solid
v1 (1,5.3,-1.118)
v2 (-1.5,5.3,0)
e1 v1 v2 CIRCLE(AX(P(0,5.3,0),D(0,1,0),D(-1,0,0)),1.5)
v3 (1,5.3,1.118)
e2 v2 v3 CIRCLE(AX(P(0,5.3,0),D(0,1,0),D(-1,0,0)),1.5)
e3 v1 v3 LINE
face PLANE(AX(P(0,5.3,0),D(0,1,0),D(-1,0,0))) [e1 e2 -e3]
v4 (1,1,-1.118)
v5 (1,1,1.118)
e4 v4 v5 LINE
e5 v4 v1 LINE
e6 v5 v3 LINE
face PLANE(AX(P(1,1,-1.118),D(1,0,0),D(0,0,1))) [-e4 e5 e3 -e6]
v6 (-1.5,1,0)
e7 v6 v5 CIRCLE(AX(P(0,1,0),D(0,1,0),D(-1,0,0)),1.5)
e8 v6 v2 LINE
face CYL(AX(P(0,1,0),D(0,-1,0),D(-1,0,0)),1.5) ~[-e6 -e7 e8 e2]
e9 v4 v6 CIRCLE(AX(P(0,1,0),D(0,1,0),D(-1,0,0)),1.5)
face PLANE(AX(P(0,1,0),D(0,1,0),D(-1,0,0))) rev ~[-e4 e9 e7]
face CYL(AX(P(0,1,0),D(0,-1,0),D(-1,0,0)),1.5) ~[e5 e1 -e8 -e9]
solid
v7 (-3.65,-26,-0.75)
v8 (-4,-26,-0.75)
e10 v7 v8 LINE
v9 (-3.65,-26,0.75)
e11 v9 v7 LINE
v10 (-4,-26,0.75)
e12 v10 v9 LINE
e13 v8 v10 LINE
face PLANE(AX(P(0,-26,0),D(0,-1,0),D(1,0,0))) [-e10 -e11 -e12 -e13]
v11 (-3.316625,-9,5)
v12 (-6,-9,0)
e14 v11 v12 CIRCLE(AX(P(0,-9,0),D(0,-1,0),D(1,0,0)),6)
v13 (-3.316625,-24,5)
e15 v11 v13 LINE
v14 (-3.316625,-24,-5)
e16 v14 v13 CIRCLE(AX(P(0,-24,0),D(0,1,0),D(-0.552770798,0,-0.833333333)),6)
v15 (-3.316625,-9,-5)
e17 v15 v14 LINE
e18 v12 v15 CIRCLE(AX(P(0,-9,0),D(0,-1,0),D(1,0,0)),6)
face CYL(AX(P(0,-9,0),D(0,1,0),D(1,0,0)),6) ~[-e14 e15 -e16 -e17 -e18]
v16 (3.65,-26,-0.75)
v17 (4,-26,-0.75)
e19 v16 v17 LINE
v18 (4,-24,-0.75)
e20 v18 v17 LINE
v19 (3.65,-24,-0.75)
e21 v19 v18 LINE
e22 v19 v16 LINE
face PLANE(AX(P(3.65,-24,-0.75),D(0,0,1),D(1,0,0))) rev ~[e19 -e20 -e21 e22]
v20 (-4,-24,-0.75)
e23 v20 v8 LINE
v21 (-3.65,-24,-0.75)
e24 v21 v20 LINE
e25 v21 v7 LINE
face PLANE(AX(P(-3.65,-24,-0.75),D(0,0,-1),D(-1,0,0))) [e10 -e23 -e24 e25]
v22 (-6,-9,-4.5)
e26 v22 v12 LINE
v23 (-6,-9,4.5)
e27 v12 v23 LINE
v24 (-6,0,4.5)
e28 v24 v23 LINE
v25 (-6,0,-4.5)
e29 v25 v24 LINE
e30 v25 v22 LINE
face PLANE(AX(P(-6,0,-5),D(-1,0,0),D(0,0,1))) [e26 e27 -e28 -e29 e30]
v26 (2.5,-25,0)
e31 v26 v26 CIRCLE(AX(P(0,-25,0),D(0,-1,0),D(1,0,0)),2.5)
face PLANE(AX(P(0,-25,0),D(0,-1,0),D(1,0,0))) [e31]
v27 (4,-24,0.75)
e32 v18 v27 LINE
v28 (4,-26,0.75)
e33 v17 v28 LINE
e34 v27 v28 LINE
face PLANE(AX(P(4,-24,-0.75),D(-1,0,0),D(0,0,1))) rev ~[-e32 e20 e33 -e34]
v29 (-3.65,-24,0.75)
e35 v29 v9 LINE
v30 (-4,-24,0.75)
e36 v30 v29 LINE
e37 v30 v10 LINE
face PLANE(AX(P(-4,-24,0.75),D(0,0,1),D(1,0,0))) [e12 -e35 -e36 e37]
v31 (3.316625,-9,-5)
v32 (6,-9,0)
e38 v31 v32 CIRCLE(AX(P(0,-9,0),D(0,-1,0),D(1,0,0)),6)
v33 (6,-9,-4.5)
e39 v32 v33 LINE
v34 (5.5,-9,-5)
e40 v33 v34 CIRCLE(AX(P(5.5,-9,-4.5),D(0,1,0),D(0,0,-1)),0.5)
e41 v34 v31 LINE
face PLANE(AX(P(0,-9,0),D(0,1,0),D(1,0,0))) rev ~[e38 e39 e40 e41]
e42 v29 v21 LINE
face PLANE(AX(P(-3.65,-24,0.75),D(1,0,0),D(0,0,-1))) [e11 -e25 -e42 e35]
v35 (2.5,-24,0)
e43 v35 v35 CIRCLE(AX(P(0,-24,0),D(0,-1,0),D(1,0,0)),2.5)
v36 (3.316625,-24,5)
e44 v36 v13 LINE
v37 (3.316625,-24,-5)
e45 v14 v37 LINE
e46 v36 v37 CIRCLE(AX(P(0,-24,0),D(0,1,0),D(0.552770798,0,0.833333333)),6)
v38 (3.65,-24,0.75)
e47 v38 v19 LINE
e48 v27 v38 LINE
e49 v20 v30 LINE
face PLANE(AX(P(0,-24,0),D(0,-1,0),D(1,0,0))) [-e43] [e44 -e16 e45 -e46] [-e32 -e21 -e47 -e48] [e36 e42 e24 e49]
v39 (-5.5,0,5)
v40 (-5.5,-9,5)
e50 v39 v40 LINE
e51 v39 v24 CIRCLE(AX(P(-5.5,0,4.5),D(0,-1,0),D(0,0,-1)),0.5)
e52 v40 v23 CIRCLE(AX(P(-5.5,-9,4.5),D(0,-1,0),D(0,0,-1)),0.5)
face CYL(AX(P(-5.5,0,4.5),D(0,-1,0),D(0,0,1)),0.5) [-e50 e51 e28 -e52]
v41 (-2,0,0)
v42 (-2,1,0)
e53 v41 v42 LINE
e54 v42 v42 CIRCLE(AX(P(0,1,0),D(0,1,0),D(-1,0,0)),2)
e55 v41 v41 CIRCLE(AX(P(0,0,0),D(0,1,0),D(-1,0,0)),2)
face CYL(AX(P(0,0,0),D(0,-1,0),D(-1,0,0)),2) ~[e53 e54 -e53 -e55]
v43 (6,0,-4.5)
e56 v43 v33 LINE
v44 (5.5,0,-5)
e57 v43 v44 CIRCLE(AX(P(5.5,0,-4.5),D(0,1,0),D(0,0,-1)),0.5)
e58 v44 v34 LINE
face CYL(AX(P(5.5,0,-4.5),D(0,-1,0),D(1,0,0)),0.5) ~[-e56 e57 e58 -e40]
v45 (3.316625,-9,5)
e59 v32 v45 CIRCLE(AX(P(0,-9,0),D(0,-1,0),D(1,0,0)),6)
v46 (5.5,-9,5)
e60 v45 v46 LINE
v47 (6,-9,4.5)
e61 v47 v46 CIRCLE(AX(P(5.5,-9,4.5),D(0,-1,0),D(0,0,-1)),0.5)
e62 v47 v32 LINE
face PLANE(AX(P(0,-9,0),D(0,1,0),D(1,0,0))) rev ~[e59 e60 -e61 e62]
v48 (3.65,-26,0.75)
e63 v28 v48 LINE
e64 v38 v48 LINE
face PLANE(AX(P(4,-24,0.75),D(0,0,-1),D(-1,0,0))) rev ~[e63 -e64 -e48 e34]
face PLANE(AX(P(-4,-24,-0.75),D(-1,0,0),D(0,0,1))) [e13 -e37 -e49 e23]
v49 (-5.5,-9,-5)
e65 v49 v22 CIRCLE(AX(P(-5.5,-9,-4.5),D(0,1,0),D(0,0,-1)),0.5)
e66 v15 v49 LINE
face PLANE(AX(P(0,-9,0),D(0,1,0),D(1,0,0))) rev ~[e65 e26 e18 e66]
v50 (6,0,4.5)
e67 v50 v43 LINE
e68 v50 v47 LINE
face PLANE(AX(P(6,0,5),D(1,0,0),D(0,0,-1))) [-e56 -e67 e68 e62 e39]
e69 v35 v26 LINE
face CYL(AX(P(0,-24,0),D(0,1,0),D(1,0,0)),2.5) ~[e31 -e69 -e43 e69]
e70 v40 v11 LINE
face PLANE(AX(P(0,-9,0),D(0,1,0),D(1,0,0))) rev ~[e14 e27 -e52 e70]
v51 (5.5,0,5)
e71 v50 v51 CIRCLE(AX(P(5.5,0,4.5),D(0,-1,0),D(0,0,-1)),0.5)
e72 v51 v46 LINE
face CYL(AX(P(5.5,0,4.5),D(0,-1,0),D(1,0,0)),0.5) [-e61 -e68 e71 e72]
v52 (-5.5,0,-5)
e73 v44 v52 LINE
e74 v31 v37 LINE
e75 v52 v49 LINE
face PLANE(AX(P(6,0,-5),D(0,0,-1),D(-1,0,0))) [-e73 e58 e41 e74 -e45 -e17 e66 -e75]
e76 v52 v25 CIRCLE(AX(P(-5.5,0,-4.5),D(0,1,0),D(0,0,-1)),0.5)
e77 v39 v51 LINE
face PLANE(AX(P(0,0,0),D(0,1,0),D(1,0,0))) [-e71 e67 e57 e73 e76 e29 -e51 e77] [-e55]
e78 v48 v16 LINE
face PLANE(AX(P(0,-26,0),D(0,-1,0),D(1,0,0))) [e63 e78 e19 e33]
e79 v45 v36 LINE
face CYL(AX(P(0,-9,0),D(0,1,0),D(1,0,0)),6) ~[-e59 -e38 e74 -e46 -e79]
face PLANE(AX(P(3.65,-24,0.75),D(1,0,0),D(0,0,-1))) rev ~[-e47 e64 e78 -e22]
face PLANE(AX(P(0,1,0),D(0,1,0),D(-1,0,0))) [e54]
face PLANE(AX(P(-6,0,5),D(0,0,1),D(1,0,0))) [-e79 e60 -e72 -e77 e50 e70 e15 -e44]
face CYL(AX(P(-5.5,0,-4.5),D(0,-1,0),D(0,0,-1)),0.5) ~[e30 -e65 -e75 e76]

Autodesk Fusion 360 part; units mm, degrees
sketch "Sketch1" plane through (0, 0, 0) normal (0, 1, 0) x (1, 0, 0) in component "Motor"
  line L0 (6, 5) -> (-6, 5)
  line L1 (-6, 5) -> (-6, -5)
  line L2 (-6, -5) -> (6, -5)
  line L3 (6, -5) -> (6, 5)
  line L4 (6, 5) -> (-6, -5) construction
  line L5 (-6, 5) -> (6, -5) construction
  dimension "d1" = 10
  dimension "d2" = 12
extrude "Extrude1" add sketch "Sketch1" against normal blind 9 makes body 1 in component "Motor"
sketch "Sketch2" plane through (0, -9, 0) normal (0, -1, 0) x (1, 0, 0) in component "Motor"
  line L0 (6, -5) -> (6, 5)
  line L1 (6, 5) -> (-6, 5)
  line L2 (-6, 5) -> (-6, -5)
  line L3 (-6, -5) -> (6, -5)
  circle A0 centre (0, 0) radius 6
extrude "Extrude2" add sketch "Sketch2" along normal blind 15 contours L1 L3 A0 bodies 1 in component "Motor"
sketch "Sketch3" plane through (0, -24, 0) normal (0, -1, 0) x (1, 0, 0) in component "Motor"
  arc A0 (3.3166, -5) -> (3.3166, 5) centre (0, 0) ccw
  line L0 (3.3166, 5) -> (-3.3166, 5)
  arc A1 (-3.3166, 5) -> (-3.3166, -5) centre (0, 0) ccw
  line L1 (-3.3166, -5) -> (3.3166, -5)
  circle A2 centre (0, 0) radius 2.5
  line L2 (-4, 0) -> (4, 0) construction
  line L3 (0, 5) -> (0, -5) construction
  line L4 (-4, 0.75) -> (-3.65, 0.75)
  line L5 (-3.65, 0.75) -> (-3.65, -0.75)
  line L6 (-3.65, -0.75) -> (-4, -0.75)
  line L7 (-4, -0.75) -> (-4, 0.75)
  line L8 (3.65, -0.75) -> (4, -0.75)
  line L9 (4, -0.75) -> (4, 0.75)
  line L10 (3.65, 0.75) -> (3.65, -0.75)
  line L11 (4, 0.75) -> (3.65, 0.75)
  dimension "d7" = 5
  dimension "d10" = 8
  dimension "d11" = 0.35
  dimension "d12" = 1.5
extrude "Extrude4" add sketch "Sketch3" along normal blind 2 contours L4 L5 L6 L7 | L8 L9 L10 L11 bodies 1 in component "Motor"
extrude "Extrude3" add sketch "Sketch3" along normal blind 1 contours A2 bodies 1 in component "Motor"
fillet "Fillet1" radius 0.5 4 edges at (6, -4.5, -5) (-6, -4.5, -5) (-6, -4.5, 5) (6, -4.5, 5) on bodies 1 in component "Motor"
sketch "Sketch4" plane through (0, 0, 0) normal (0, 1, 0) x (-1, 0, 0) in component "Motor"
  arc A0 (-5.5, 5) -> (-6, 4.5) centre (-5.5, 4.5) ccw
  line L0 (-6, 4.5) -> (-6, -4.5)
  arc A1 (-6, -4.5) -> (-5.5, -5) centre (-5.5, -4.5) ccw
  line L1 (-5.5, -5) -> (5.5, -5)
  arc A2 (5.5, -5) -> (6, -4.5) centre (5.5, -4.5) ccw
  line L2 (6, -4.5) -> (6, 4.5)
  arc A3 (6, 4.5) -> (5.5, 5) centre (5.5, 4.5) ccw
  line L3 (5.5, 5) -> (-5.5, 5)
  circle A4 centre (0, 0) radius 2
  dimension "d16" = 4
extrude "Extrude5" add sketch "Sketch4" along normal blind 1 contours A4 bodies 1 in component "Motor"
sketch "Sketch5" plane through (0, 1, 0) normal (0, 1, 0) x (-1, 0, 0) in component "Motor"
  circle A0 centre (0, 0) radius 2
  circle A1 centre (0, 0) radius 1.5
  line L0 (-1, -1.118) -> (-1, 1.118)
  line L1 (3.3166, -5) -> (-3.3166, -5) construction
  line L2 (5.5, 5) -> (-5.5, 5) construction
  line L3 (1.5, -5) -> (1.5, 5) construction
  dimension "d19" = 3
  dimension "d20" = 2.5
extrude "Extrude6" add sketch "Sketch5" along normal blind 4.3 separate body contours A1 L0 picked at (-0.4625, 0.4564) makes body 2 in component "Motor"
copy_body "CutPasteBodies1" bodies 2 removing the originals makes body 3 in component "Rotor"
component "Motor" placed x (1, 0, 0) y (0, 1, 0) z (0, 0, 1) at (0, 0, 0)
component "Rotor" placed x (1, 0, 0) y (0, 1, 0) z (0, 0, 1) at (0, 0, 0)
